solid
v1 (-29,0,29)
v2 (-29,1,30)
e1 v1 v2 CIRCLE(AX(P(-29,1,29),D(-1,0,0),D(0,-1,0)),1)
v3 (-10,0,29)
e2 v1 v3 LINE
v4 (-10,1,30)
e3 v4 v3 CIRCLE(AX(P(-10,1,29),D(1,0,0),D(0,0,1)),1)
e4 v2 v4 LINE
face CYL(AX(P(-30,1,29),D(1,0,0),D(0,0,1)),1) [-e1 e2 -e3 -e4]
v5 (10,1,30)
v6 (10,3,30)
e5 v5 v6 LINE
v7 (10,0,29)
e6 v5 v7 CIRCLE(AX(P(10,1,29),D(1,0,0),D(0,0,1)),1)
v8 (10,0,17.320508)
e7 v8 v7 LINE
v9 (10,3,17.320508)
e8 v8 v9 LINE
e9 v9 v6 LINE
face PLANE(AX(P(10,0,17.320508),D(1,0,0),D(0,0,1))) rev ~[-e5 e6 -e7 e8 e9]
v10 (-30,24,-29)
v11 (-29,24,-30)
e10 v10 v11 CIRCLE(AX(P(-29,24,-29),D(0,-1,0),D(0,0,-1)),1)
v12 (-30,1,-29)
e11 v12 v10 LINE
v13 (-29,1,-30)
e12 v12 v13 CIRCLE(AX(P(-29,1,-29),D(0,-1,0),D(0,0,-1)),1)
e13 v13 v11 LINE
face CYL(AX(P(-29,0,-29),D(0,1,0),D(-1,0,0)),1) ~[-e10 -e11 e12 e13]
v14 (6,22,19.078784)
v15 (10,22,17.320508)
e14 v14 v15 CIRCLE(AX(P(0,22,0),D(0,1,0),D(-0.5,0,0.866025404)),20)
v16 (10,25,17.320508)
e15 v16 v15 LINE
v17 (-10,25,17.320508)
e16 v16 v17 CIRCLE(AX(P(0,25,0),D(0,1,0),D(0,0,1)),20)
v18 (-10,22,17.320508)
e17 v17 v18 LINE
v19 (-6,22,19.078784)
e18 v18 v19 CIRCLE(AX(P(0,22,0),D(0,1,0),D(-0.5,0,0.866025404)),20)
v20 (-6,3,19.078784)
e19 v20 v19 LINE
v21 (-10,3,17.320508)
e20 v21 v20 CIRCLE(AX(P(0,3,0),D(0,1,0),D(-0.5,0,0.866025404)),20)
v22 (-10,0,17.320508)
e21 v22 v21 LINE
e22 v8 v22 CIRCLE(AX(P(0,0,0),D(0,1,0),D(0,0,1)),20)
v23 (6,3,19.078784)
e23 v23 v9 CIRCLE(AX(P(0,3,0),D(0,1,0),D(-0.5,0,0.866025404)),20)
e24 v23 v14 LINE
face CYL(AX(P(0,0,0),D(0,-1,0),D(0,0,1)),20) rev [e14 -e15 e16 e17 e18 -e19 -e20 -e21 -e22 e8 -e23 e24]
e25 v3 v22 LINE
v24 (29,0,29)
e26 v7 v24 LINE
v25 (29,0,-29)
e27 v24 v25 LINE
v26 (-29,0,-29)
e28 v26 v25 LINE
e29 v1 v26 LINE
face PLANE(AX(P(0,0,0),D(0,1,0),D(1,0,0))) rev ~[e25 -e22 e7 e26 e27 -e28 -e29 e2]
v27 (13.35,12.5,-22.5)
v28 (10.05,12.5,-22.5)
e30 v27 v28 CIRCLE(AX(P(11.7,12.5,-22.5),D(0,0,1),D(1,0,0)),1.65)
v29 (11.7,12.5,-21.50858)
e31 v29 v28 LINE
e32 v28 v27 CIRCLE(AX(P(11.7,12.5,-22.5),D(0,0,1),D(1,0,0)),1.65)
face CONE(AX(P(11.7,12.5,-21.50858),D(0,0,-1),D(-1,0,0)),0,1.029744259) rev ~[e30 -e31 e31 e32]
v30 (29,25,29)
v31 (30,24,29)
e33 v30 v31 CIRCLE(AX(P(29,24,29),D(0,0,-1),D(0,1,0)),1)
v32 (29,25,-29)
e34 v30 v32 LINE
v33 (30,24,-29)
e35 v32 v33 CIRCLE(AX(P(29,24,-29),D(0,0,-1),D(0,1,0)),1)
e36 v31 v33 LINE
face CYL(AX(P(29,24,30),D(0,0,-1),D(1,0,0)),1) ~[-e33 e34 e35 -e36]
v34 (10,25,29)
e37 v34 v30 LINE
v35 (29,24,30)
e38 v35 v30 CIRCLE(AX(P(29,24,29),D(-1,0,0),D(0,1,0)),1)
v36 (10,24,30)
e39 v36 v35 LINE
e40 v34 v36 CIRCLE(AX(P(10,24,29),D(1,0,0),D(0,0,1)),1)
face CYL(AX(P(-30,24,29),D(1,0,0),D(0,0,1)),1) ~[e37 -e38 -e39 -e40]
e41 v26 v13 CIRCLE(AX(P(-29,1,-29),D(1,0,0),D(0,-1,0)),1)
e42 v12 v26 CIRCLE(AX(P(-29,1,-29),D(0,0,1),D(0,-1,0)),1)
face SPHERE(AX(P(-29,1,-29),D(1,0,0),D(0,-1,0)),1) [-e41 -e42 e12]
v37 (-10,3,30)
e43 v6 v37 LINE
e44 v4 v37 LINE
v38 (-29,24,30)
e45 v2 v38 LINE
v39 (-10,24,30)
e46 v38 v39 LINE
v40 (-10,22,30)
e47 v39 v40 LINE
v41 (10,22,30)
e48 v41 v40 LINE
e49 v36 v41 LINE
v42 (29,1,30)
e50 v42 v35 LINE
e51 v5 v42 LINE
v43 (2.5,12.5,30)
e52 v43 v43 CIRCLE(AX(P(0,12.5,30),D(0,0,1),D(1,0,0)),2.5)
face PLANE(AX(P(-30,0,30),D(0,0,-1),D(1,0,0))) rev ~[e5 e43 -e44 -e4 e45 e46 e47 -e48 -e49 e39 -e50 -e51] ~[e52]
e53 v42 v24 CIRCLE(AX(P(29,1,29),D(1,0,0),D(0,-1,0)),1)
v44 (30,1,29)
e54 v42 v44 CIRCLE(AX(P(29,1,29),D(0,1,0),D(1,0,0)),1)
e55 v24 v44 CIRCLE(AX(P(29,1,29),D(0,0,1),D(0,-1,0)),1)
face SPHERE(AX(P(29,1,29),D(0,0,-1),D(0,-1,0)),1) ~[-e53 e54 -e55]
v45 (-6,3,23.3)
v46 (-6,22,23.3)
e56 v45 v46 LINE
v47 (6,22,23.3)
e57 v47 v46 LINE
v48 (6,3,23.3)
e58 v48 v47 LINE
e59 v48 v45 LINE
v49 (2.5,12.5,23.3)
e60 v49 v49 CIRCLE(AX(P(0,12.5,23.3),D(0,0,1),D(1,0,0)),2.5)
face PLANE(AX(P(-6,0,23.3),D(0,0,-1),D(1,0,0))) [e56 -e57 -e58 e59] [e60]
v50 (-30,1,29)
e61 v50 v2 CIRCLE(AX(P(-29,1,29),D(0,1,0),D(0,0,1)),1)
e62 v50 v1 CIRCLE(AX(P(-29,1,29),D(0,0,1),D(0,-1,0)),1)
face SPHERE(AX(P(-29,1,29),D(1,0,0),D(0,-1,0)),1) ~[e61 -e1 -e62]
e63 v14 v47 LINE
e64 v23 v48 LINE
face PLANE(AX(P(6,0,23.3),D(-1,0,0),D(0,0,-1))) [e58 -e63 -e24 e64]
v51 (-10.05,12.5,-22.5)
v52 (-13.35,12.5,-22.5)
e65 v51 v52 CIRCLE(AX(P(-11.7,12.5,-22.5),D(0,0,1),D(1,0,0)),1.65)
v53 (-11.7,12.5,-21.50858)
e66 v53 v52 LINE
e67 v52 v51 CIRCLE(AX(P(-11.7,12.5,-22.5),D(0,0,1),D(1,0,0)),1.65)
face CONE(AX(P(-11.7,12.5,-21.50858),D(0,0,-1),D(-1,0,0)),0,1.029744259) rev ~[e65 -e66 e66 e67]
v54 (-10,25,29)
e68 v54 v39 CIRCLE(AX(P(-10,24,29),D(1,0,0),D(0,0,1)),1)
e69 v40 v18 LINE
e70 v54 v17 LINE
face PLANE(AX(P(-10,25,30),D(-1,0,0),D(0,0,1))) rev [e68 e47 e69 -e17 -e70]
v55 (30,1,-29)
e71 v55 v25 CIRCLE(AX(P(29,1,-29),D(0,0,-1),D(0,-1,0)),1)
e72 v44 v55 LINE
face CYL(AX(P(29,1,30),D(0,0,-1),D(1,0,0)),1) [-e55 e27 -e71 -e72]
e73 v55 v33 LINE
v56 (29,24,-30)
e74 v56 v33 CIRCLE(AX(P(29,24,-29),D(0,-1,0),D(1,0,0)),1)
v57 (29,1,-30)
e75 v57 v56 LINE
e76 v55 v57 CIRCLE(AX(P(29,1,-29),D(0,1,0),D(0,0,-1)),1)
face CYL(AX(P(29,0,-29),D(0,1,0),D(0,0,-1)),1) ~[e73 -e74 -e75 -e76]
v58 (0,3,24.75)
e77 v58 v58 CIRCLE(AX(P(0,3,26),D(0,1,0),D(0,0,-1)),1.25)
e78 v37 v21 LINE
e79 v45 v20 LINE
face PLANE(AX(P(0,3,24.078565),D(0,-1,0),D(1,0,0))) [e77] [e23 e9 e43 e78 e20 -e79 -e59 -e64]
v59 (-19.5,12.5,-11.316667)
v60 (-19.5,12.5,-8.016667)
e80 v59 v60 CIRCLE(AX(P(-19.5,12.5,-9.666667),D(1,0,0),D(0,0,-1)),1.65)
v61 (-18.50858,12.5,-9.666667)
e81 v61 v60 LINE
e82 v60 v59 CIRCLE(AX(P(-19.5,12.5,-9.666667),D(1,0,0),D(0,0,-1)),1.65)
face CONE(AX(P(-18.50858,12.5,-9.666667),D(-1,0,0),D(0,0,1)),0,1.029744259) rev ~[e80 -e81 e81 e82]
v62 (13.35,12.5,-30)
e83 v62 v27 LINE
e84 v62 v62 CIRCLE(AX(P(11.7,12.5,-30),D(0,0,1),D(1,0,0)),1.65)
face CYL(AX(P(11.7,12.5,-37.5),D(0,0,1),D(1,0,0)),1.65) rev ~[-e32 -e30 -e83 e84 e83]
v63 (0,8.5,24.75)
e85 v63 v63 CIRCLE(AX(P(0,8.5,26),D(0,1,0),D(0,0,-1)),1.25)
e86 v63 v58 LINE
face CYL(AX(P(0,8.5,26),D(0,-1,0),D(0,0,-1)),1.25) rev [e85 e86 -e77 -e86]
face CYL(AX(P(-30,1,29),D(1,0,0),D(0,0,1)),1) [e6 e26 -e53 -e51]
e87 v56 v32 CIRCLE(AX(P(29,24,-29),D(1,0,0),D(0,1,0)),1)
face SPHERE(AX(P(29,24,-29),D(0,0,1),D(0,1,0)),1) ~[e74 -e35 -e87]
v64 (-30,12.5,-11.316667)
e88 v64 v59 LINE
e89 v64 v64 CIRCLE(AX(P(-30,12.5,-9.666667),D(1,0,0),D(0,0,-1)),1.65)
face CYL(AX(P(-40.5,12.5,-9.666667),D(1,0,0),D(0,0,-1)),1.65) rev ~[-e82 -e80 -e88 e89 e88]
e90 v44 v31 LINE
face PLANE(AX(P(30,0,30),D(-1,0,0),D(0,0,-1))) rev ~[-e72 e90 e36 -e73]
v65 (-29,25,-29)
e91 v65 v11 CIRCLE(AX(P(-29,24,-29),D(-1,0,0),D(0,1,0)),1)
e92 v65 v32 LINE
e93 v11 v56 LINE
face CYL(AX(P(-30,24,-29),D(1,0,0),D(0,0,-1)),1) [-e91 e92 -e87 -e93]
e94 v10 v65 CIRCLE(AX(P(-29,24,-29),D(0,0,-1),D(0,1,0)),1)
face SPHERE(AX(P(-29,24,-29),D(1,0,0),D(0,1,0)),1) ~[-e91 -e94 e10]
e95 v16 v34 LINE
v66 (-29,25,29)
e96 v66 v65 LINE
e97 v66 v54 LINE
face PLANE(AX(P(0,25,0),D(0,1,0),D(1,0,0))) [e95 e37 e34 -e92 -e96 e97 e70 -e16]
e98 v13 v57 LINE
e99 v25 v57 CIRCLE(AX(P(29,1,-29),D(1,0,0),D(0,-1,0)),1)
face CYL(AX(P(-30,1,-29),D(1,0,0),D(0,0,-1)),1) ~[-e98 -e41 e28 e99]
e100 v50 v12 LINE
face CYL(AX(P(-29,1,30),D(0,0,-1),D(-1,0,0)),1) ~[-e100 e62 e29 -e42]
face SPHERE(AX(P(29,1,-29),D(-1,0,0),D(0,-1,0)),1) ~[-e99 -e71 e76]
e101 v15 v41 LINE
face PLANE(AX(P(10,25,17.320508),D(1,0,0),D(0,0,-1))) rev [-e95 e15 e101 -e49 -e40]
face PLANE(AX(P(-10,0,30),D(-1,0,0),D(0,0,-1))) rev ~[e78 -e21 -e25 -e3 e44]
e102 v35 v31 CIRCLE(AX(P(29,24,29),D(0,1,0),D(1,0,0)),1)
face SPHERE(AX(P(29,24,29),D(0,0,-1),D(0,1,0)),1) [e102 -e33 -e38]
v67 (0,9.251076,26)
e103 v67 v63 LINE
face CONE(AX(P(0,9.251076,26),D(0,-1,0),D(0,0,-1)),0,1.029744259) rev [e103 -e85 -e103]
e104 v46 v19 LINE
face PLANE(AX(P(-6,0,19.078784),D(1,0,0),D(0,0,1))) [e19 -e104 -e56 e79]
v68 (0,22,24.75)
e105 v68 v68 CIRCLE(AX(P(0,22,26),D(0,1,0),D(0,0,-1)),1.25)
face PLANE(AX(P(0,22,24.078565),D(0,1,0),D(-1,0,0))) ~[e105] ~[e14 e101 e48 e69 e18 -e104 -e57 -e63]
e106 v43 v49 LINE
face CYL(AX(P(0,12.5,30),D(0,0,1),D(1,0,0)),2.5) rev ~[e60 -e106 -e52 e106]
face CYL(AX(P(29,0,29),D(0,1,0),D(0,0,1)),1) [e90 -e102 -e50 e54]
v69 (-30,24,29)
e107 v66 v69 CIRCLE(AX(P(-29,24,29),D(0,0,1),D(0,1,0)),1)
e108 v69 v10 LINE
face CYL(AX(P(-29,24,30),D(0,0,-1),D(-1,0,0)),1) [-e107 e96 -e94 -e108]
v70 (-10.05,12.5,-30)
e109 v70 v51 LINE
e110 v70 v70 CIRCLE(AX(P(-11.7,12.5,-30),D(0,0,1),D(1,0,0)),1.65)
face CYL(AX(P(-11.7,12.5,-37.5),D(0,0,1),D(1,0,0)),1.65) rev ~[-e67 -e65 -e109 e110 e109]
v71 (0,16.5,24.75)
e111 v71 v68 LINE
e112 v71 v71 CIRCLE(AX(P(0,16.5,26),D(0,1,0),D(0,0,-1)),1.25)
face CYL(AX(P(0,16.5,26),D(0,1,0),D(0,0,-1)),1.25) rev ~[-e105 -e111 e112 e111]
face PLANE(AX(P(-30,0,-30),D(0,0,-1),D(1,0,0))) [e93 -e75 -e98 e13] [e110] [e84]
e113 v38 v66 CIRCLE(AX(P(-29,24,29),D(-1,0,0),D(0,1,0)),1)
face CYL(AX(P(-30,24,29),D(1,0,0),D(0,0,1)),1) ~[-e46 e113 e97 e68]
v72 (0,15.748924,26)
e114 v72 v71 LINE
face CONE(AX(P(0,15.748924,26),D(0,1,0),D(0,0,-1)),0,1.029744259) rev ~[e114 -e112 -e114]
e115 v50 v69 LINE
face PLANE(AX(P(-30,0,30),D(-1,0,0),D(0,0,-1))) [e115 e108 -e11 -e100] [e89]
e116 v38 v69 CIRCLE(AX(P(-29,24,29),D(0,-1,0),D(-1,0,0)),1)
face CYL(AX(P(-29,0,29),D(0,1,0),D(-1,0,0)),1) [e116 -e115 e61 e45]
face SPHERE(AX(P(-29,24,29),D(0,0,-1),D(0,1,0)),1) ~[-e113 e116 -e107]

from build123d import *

# Parameters (mm, degrees)
ESQUISSE1_W             = 60
ESQUISSE1_H             = 60
ESQUISSE1_R             = 20
BOSS_EXTRU_1_DEPTH      = 25
CONG_1_R                = 1
TROU_TARAUD_M61_REACH   = 73.589
TROU_TARAUD_M61_BORE_R  = 2.5
TROU_TARAUD_M41_D       = 3.3
TROU_TARAUD_M41_DEPTH   = 7.5
TROU_TARAUD_M41_TIP     = 0.991420021
TROU_TARAUD_M42_D       = 3.3
TROU_TARAUD_M42_DEPTH   = 10.5
TROU_TARAUD_M42_TIP     = 0.991420021
ENL_V_MAT_EXTRU_1_REACH = 51.244
ENL_V_MAT_EXTRU_2_DEPTH = 3


with BuildPart() as part:
    # Esquisse1 → Boss.-Extru.1 (new body)
    with BuildSketch(Plane(origin=(0, 0, 0), x_dir=(1, 0, 0), z_dir=(0, 1, 0))):
        Rectangle(ESQUISSE1_W, ESQUISSE1_H)
        with Locations(Location((0, 0, 0), (0, 0, 270))):
            Circle(ESQUISSE1_R, mode=Mode.SUBTRACT)
    extrude(amount=BOSS_EXTRU_1_DEPTH)

    # Congé1
    cong_1_edges = [part.edges().sort_by_distance(p)[0] for p in [
        (30, 25, 0),
        (0, 25, -30),
        (-30, 25, 0),
        (0, 0, -30),
        (30, 0, 0),
        (0, 0, 30),
        (-30, 0, 0),
        (0, 25, 30),
        (-30, 12.5, -30),
        (30, 12.5, -30),
        (30, 12.5, 30),
        (-30, 12.5, 30),
    ]]
    fillet(cong_1_edges, radius=CONG_1_R)

    # Trou taraudé M61 bore → Trou taraudé M61 (cut, up to next)
    with BuildSketch(Plane.XY.offset(30), mode=Mode.PRIVATE) as trou_taraud_m61_sk1:
        with Locations((0, 12.5)):
            Circle(TROU_TARAUD_M61_BORE_R)
    trou_taraud_m61_tool1 = extrude(trou_taraud_m61_sk1.sketch, amount=-TROU_TARAUD_M61_REACH, mode=Mode.PRIVATE) & part.part
    add(trou_taraud_m61_tool1.solids().sort_by_distance((0, 12.5, 30))[0], mode=Mode.SUBTRACT)

    # Trou taraudé M41
    with Locations(Plane(origin=(0, 0, -30), x_dir=(-1, 0, 0), z_dir=(0, 0, -1))):
        with Locations((11.7, 12.5), (-11.7, 12.5)):
            Hole(TROU_TARAUD_M41_D / 2, depth=TROU_TARAUD_M41_DEPTH)
            with Locations((0, 0, -(TROU_TARAUD_M41_DEPTH + TROU_TARAUD_M41_TIP / 2))):  # 118° drill point
                Cone(0, TROU_TARAUD_M41_D / 2, TROU_TARAUD_M41_TIP, mode=Mode.SUBTRACT)

    # Trou taraudé M42
    with Locations(Plane.ZY.offset(30)):
        with Locations((-9.666666667, 12.5)):
            Hole(TROU_TARAUD_M42_D / 2, depth=TROU_TARAUD_M42_DEPTH)
            with Locations((0, 0, -(TROU_TARAUD_M42_DEPTH + TROU_TARAUD_M42_TIP / 2))):  # 118° drill point
                Cone(0, TROU_TARAUD_M42_D / 2, TROU_TARAUD_M42_TIP, mode=Mode.SUBTRACT)

    # Esquisse10 → Enlèv. mat.-Extru.1 (cut, up to next)
    with BuildSketch(Plane.XZ, mode=Mode.PRIVATE) as enl_v_mat_extru_1_sk1:
        with BuildLine():
            Line((-6, 19.078784028), (-6, 23.3))
            Line((-6, 23.3), (6, 23.3))
            Line((6, 23.3), (6, 19.078784028))
            ThreePointArc((6, 19.078784028), (0, 20), (-6, 19.078784028))
        make_face()
    enl_v_mat_extru_1_tool1 = extrude(enl_v_mat_extru_1_sk1.sketch, amount=-ENL_V_MAT_EXTRU_1_REACH, mode=Mode.PRIVATE) & part.part
    add(enl_v_mat_extru_1_tool1.solids().sort_by_distance((0, 0, 21.487514))[0], mode=Mode.SUBTRACT)

    # Esquisse11 → Enlèv. mat.-Extru.2 (cut)
    with BuildSketch(Plane.XZ):
        with BuildLine():
            Line((-10, 30), (-10, 17.320508076))
            ThreePointArc((-10, 17.320508076), (0, 20), (10, 17.320508076))
            Line((10, 17.320508076), (10, 30))
            Line((10, 30), (-10, 30))
        make_face()
    enl_v_mat_extru_2 = extrude(amount=-ENL_V_MAT_EXTRU_2_DEPTH, mode=Mode.SUBTRACT)

    # Esquisse13 → Trou taraudé M31 (revolve, cut)
    with BuildSketch(Plane(origin=(0, 3, 26), x_dir=(0, 0, -1), z_dir=(1, 0, 0))):
        Polygon((0, 0), (0, 6.251075774), (1.25, 5.5), (1.25, 0), align=None)
    trou_taraud_m31 = revolve(axis=Axis((0, -3.35, 26), (0, 1, 0)), mode=Mode.SUBTRACT)

    # Symétrie1: Enlèv. mat.-Extru.2, Trou taraudé M31 across plane
    add(enl_v_mat_extru_2.mirror(Plane(origin=(0, 12.5, 0), x_dir=(0, 0, 1), z_dir=(0, -1, 0))), mode=Mode.SUBTRACT)
    add(trou_taraud_m31.mirror(Plane(origin=(0, 12.5, 0), x_dir=(0, 0, 1), z_dir=(0, -1, 0))), mode=Mode.SUBTRACT)


solid = part.part
